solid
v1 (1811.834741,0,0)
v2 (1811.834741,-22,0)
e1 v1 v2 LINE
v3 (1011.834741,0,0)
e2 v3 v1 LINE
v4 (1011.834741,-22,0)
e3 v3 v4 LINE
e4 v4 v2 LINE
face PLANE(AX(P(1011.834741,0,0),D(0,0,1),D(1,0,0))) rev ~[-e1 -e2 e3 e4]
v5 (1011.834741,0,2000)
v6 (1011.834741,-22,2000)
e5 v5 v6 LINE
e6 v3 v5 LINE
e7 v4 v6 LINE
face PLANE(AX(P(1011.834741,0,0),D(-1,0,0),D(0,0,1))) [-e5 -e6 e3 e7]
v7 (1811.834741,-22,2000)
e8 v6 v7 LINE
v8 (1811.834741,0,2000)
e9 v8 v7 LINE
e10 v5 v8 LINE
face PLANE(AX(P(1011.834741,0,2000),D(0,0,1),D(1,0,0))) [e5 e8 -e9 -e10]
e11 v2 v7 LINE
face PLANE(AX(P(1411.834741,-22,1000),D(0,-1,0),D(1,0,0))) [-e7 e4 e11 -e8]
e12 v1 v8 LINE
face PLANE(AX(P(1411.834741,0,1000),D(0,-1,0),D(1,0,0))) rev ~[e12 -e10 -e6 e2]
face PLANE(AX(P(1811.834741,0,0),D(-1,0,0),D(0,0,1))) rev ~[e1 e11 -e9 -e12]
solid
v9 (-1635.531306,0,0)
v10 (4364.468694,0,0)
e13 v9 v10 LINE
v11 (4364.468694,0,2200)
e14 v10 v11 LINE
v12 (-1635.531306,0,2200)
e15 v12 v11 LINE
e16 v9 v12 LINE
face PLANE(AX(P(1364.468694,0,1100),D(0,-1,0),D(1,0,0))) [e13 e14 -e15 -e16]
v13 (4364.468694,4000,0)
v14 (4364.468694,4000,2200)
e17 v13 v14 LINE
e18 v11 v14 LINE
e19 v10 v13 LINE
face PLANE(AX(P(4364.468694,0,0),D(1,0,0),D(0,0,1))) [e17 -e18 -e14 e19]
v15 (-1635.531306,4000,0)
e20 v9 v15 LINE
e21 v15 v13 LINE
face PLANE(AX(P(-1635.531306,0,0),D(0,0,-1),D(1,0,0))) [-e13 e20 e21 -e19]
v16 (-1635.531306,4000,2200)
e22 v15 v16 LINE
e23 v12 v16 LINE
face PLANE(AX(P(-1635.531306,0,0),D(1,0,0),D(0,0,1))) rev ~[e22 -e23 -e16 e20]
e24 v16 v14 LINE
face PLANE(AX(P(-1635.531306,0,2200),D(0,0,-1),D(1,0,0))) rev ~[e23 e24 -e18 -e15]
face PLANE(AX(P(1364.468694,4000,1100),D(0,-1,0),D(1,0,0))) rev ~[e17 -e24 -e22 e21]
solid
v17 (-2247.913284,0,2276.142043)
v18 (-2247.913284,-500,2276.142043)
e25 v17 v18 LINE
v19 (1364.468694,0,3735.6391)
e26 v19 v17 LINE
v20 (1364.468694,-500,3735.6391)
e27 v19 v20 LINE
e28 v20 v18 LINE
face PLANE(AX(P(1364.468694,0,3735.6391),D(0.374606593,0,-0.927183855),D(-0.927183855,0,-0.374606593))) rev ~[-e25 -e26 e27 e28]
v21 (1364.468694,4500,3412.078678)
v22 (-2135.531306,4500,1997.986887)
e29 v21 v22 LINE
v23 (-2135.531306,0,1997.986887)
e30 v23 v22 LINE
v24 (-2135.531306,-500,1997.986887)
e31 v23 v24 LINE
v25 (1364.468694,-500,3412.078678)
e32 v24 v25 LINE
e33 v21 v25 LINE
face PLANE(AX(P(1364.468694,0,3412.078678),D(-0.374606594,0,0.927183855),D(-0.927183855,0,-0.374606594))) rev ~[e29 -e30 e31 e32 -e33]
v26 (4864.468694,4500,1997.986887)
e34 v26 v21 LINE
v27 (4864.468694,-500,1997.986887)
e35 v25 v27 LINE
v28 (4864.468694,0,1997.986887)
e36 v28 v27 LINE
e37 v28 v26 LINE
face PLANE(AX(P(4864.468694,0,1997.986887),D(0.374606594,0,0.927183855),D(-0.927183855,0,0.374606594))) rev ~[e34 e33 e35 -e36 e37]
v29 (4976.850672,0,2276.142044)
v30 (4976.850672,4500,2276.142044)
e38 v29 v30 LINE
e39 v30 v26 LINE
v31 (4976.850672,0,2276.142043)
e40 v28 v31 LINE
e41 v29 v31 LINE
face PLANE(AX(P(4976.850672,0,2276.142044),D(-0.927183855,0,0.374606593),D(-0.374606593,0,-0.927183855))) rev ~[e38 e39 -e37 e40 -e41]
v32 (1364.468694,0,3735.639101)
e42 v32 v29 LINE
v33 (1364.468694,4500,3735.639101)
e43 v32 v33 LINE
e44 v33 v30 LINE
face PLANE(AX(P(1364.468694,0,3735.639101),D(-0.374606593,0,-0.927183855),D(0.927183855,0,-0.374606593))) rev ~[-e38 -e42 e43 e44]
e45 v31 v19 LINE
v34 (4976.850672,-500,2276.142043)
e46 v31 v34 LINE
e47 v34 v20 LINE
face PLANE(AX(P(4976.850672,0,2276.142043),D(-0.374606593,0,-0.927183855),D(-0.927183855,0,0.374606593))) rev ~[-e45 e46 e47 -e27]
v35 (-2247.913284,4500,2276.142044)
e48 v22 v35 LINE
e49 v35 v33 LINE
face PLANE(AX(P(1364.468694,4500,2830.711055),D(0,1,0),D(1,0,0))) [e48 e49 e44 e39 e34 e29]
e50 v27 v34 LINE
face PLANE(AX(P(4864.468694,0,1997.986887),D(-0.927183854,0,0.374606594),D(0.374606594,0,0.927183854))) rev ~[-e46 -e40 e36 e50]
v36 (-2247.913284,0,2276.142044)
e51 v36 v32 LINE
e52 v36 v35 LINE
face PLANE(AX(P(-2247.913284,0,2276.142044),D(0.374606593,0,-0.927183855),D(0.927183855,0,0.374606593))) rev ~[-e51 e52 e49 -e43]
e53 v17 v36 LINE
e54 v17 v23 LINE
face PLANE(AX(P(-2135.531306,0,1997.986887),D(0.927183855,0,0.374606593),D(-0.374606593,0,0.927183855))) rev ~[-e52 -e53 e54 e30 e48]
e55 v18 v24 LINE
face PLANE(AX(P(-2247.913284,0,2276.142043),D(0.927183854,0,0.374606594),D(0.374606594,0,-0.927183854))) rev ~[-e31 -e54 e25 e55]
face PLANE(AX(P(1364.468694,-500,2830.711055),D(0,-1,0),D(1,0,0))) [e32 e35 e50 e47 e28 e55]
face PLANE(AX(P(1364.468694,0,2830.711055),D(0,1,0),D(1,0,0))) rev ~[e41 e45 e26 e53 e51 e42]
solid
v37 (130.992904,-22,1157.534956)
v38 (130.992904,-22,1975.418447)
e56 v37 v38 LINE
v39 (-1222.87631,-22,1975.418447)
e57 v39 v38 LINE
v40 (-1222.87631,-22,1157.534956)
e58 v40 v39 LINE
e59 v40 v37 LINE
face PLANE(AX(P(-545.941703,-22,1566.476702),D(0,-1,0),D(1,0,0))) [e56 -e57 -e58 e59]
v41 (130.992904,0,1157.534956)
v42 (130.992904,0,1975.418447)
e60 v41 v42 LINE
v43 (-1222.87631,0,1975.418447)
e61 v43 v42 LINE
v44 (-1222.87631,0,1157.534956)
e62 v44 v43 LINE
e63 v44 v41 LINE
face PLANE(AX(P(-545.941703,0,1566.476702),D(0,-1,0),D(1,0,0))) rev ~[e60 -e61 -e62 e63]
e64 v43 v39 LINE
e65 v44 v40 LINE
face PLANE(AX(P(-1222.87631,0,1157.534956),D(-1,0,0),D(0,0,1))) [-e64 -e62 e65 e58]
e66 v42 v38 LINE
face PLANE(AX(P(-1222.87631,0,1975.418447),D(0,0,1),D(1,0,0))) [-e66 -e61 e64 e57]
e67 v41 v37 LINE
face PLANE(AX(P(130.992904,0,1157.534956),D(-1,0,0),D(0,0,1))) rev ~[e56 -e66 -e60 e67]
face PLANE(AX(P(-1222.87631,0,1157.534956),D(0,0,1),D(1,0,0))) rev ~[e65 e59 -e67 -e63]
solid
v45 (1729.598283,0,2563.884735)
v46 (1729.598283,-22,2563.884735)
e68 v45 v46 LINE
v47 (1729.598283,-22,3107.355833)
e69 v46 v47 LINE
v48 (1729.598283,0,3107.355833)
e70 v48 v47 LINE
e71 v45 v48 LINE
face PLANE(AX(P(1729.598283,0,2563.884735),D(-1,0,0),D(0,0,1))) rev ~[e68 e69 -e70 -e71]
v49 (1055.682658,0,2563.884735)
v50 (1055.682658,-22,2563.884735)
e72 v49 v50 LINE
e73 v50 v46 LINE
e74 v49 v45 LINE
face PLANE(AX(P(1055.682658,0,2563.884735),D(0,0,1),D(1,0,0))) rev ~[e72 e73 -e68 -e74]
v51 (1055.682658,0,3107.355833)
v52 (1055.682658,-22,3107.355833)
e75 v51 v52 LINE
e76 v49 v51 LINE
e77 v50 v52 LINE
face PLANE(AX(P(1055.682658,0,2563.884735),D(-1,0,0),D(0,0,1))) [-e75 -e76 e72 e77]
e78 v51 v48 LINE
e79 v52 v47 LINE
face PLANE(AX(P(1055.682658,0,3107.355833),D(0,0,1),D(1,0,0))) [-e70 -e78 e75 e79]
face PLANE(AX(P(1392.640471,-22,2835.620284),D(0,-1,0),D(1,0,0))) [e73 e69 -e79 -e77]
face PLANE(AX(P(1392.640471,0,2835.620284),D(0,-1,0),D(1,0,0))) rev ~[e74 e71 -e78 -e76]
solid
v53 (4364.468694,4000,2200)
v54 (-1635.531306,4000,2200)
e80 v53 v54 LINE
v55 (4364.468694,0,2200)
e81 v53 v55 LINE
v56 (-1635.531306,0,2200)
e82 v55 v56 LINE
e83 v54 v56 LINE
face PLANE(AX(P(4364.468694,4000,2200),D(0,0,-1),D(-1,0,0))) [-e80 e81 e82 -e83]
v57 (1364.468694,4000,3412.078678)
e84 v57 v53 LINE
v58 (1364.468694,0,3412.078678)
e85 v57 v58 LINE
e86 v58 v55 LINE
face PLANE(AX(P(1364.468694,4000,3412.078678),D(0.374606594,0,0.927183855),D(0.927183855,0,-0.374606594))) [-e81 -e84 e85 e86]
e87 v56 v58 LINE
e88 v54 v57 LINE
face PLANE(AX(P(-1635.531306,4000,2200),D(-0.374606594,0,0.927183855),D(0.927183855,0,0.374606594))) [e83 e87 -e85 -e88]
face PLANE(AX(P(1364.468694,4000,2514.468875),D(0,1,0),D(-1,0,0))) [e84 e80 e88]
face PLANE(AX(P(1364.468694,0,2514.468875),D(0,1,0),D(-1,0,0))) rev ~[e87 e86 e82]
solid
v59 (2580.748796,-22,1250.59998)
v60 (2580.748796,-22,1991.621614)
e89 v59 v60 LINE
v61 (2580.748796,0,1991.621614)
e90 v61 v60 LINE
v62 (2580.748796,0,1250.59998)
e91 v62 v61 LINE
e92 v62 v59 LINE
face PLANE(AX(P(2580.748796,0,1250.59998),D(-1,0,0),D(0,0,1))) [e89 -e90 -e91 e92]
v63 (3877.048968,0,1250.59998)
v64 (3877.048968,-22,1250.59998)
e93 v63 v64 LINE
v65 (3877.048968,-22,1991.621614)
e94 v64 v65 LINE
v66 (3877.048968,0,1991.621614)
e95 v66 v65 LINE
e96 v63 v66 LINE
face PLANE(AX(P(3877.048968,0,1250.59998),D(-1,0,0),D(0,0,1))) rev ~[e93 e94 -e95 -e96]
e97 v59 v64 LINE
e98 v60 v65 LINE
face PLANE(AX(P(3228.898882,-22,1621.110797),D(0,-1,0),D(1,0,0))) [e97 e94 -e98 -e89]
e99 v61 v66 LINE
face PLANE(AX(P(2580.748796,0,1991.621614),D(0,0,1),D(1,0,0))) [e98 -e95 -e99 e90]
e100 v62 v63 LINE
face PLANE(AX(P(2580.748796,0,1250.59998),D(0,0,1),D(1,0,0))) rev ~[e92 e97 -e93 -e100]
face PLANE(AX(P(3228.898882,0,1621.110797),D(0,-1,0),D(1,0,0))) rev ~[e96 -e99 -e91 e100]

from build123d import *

# Parameters (mm, degrees)
F0_W     = 6000
F0_H     = 2200
F1_DEPTH = 4000
F3_DEPTH = 500
F4_DEPTH = 4500
F6_DEPTH = 4000
F7_W     = 800
F7_H     = 2000
F7_W_2   = 1296.300173
F7_H_2   = 741.021634
F7_W_3   = 1353.869214
F7_H_3   = 817.883491
F7_W_4   = 673.915625
F7_H_4   = 543.471098
F8_DEPTH = 22


with BuildPart() as f1:
    # F0 (on Front) → F1 (new body)
    with BuildSketch(Plane.XZ):
        with Locations((1364.468694, 1100)):
            Rectangle(F0_W, F0_H)
    extrude(amount=-F1_DEPTH)



with BuildPart() as f3:
    # F2 (on face) → F3 (new body)
    with BuildSketch(Plane.XZ):
        Polygon((-2247.913284, 2276.142043), (-2135.531306, 1997.986887), (1364.468694, 3412.078678), (4864.468694, 1997.986887), (4976.850672, 2276.142043), (1364.468694, 3735.6391), align=None)
    extrude(amount=F3_DEPTH)


with BuildPart() as f1_1:
    add(f1.part)

    add(f3.part)  # F4 merges F3
    # F3_face (on face) → F4 (join)
    with BuildSketch(Plane(origin=(1364.468694, 0, 2856.253981), x_dir=(1, 0, 0), z_dir=(0, 1, 0))):
        Polygon((-3612.381978, 580.111937), (0, -879.38512), (3612.381978, 580.111937), (3500, 858.267094), (0, -555.824697), (-3500, 858.267094), align=None)
    extrude(amount=F4_DEPTH)


with BuildPart() as f6:
    # F5 (on face) → F6 (new body)
    with BuildSketch(Plane(origin=(0, 4000, 0), x_dir=(-1, 0, 0), z_dir=(0, 1, 0))):
        Polygon((-1364.468694, 3412.078678), (-4364.468694, 2200), (1635.531306, 2200), align=None)
    extrude(amount=-F6_DEPTH)


with BuildPart() as f8:
    # F7 (on face) → F8 (new body)
    with BuildSketch(Plane.XZ):
        with Locations((1411.834741, 1000)):
            Rectangle(F7_W, F7_H)
        with Locations((3228.898882, 1621.110797)):
            Rectangle(F7_W_2, F7_H_2)
        with Locations((-545.941703, 1566.476702)):
            Rectangle(F7_W_3, F7_H_3)
        with Locations((1392.640471, 2835.620284)):
            Rectangle(F7_W_4, F7_H_4)
    extrude(amount=F8_DEPTH)


solid = Compound([f1_1.part, f6.part, f8.part])
